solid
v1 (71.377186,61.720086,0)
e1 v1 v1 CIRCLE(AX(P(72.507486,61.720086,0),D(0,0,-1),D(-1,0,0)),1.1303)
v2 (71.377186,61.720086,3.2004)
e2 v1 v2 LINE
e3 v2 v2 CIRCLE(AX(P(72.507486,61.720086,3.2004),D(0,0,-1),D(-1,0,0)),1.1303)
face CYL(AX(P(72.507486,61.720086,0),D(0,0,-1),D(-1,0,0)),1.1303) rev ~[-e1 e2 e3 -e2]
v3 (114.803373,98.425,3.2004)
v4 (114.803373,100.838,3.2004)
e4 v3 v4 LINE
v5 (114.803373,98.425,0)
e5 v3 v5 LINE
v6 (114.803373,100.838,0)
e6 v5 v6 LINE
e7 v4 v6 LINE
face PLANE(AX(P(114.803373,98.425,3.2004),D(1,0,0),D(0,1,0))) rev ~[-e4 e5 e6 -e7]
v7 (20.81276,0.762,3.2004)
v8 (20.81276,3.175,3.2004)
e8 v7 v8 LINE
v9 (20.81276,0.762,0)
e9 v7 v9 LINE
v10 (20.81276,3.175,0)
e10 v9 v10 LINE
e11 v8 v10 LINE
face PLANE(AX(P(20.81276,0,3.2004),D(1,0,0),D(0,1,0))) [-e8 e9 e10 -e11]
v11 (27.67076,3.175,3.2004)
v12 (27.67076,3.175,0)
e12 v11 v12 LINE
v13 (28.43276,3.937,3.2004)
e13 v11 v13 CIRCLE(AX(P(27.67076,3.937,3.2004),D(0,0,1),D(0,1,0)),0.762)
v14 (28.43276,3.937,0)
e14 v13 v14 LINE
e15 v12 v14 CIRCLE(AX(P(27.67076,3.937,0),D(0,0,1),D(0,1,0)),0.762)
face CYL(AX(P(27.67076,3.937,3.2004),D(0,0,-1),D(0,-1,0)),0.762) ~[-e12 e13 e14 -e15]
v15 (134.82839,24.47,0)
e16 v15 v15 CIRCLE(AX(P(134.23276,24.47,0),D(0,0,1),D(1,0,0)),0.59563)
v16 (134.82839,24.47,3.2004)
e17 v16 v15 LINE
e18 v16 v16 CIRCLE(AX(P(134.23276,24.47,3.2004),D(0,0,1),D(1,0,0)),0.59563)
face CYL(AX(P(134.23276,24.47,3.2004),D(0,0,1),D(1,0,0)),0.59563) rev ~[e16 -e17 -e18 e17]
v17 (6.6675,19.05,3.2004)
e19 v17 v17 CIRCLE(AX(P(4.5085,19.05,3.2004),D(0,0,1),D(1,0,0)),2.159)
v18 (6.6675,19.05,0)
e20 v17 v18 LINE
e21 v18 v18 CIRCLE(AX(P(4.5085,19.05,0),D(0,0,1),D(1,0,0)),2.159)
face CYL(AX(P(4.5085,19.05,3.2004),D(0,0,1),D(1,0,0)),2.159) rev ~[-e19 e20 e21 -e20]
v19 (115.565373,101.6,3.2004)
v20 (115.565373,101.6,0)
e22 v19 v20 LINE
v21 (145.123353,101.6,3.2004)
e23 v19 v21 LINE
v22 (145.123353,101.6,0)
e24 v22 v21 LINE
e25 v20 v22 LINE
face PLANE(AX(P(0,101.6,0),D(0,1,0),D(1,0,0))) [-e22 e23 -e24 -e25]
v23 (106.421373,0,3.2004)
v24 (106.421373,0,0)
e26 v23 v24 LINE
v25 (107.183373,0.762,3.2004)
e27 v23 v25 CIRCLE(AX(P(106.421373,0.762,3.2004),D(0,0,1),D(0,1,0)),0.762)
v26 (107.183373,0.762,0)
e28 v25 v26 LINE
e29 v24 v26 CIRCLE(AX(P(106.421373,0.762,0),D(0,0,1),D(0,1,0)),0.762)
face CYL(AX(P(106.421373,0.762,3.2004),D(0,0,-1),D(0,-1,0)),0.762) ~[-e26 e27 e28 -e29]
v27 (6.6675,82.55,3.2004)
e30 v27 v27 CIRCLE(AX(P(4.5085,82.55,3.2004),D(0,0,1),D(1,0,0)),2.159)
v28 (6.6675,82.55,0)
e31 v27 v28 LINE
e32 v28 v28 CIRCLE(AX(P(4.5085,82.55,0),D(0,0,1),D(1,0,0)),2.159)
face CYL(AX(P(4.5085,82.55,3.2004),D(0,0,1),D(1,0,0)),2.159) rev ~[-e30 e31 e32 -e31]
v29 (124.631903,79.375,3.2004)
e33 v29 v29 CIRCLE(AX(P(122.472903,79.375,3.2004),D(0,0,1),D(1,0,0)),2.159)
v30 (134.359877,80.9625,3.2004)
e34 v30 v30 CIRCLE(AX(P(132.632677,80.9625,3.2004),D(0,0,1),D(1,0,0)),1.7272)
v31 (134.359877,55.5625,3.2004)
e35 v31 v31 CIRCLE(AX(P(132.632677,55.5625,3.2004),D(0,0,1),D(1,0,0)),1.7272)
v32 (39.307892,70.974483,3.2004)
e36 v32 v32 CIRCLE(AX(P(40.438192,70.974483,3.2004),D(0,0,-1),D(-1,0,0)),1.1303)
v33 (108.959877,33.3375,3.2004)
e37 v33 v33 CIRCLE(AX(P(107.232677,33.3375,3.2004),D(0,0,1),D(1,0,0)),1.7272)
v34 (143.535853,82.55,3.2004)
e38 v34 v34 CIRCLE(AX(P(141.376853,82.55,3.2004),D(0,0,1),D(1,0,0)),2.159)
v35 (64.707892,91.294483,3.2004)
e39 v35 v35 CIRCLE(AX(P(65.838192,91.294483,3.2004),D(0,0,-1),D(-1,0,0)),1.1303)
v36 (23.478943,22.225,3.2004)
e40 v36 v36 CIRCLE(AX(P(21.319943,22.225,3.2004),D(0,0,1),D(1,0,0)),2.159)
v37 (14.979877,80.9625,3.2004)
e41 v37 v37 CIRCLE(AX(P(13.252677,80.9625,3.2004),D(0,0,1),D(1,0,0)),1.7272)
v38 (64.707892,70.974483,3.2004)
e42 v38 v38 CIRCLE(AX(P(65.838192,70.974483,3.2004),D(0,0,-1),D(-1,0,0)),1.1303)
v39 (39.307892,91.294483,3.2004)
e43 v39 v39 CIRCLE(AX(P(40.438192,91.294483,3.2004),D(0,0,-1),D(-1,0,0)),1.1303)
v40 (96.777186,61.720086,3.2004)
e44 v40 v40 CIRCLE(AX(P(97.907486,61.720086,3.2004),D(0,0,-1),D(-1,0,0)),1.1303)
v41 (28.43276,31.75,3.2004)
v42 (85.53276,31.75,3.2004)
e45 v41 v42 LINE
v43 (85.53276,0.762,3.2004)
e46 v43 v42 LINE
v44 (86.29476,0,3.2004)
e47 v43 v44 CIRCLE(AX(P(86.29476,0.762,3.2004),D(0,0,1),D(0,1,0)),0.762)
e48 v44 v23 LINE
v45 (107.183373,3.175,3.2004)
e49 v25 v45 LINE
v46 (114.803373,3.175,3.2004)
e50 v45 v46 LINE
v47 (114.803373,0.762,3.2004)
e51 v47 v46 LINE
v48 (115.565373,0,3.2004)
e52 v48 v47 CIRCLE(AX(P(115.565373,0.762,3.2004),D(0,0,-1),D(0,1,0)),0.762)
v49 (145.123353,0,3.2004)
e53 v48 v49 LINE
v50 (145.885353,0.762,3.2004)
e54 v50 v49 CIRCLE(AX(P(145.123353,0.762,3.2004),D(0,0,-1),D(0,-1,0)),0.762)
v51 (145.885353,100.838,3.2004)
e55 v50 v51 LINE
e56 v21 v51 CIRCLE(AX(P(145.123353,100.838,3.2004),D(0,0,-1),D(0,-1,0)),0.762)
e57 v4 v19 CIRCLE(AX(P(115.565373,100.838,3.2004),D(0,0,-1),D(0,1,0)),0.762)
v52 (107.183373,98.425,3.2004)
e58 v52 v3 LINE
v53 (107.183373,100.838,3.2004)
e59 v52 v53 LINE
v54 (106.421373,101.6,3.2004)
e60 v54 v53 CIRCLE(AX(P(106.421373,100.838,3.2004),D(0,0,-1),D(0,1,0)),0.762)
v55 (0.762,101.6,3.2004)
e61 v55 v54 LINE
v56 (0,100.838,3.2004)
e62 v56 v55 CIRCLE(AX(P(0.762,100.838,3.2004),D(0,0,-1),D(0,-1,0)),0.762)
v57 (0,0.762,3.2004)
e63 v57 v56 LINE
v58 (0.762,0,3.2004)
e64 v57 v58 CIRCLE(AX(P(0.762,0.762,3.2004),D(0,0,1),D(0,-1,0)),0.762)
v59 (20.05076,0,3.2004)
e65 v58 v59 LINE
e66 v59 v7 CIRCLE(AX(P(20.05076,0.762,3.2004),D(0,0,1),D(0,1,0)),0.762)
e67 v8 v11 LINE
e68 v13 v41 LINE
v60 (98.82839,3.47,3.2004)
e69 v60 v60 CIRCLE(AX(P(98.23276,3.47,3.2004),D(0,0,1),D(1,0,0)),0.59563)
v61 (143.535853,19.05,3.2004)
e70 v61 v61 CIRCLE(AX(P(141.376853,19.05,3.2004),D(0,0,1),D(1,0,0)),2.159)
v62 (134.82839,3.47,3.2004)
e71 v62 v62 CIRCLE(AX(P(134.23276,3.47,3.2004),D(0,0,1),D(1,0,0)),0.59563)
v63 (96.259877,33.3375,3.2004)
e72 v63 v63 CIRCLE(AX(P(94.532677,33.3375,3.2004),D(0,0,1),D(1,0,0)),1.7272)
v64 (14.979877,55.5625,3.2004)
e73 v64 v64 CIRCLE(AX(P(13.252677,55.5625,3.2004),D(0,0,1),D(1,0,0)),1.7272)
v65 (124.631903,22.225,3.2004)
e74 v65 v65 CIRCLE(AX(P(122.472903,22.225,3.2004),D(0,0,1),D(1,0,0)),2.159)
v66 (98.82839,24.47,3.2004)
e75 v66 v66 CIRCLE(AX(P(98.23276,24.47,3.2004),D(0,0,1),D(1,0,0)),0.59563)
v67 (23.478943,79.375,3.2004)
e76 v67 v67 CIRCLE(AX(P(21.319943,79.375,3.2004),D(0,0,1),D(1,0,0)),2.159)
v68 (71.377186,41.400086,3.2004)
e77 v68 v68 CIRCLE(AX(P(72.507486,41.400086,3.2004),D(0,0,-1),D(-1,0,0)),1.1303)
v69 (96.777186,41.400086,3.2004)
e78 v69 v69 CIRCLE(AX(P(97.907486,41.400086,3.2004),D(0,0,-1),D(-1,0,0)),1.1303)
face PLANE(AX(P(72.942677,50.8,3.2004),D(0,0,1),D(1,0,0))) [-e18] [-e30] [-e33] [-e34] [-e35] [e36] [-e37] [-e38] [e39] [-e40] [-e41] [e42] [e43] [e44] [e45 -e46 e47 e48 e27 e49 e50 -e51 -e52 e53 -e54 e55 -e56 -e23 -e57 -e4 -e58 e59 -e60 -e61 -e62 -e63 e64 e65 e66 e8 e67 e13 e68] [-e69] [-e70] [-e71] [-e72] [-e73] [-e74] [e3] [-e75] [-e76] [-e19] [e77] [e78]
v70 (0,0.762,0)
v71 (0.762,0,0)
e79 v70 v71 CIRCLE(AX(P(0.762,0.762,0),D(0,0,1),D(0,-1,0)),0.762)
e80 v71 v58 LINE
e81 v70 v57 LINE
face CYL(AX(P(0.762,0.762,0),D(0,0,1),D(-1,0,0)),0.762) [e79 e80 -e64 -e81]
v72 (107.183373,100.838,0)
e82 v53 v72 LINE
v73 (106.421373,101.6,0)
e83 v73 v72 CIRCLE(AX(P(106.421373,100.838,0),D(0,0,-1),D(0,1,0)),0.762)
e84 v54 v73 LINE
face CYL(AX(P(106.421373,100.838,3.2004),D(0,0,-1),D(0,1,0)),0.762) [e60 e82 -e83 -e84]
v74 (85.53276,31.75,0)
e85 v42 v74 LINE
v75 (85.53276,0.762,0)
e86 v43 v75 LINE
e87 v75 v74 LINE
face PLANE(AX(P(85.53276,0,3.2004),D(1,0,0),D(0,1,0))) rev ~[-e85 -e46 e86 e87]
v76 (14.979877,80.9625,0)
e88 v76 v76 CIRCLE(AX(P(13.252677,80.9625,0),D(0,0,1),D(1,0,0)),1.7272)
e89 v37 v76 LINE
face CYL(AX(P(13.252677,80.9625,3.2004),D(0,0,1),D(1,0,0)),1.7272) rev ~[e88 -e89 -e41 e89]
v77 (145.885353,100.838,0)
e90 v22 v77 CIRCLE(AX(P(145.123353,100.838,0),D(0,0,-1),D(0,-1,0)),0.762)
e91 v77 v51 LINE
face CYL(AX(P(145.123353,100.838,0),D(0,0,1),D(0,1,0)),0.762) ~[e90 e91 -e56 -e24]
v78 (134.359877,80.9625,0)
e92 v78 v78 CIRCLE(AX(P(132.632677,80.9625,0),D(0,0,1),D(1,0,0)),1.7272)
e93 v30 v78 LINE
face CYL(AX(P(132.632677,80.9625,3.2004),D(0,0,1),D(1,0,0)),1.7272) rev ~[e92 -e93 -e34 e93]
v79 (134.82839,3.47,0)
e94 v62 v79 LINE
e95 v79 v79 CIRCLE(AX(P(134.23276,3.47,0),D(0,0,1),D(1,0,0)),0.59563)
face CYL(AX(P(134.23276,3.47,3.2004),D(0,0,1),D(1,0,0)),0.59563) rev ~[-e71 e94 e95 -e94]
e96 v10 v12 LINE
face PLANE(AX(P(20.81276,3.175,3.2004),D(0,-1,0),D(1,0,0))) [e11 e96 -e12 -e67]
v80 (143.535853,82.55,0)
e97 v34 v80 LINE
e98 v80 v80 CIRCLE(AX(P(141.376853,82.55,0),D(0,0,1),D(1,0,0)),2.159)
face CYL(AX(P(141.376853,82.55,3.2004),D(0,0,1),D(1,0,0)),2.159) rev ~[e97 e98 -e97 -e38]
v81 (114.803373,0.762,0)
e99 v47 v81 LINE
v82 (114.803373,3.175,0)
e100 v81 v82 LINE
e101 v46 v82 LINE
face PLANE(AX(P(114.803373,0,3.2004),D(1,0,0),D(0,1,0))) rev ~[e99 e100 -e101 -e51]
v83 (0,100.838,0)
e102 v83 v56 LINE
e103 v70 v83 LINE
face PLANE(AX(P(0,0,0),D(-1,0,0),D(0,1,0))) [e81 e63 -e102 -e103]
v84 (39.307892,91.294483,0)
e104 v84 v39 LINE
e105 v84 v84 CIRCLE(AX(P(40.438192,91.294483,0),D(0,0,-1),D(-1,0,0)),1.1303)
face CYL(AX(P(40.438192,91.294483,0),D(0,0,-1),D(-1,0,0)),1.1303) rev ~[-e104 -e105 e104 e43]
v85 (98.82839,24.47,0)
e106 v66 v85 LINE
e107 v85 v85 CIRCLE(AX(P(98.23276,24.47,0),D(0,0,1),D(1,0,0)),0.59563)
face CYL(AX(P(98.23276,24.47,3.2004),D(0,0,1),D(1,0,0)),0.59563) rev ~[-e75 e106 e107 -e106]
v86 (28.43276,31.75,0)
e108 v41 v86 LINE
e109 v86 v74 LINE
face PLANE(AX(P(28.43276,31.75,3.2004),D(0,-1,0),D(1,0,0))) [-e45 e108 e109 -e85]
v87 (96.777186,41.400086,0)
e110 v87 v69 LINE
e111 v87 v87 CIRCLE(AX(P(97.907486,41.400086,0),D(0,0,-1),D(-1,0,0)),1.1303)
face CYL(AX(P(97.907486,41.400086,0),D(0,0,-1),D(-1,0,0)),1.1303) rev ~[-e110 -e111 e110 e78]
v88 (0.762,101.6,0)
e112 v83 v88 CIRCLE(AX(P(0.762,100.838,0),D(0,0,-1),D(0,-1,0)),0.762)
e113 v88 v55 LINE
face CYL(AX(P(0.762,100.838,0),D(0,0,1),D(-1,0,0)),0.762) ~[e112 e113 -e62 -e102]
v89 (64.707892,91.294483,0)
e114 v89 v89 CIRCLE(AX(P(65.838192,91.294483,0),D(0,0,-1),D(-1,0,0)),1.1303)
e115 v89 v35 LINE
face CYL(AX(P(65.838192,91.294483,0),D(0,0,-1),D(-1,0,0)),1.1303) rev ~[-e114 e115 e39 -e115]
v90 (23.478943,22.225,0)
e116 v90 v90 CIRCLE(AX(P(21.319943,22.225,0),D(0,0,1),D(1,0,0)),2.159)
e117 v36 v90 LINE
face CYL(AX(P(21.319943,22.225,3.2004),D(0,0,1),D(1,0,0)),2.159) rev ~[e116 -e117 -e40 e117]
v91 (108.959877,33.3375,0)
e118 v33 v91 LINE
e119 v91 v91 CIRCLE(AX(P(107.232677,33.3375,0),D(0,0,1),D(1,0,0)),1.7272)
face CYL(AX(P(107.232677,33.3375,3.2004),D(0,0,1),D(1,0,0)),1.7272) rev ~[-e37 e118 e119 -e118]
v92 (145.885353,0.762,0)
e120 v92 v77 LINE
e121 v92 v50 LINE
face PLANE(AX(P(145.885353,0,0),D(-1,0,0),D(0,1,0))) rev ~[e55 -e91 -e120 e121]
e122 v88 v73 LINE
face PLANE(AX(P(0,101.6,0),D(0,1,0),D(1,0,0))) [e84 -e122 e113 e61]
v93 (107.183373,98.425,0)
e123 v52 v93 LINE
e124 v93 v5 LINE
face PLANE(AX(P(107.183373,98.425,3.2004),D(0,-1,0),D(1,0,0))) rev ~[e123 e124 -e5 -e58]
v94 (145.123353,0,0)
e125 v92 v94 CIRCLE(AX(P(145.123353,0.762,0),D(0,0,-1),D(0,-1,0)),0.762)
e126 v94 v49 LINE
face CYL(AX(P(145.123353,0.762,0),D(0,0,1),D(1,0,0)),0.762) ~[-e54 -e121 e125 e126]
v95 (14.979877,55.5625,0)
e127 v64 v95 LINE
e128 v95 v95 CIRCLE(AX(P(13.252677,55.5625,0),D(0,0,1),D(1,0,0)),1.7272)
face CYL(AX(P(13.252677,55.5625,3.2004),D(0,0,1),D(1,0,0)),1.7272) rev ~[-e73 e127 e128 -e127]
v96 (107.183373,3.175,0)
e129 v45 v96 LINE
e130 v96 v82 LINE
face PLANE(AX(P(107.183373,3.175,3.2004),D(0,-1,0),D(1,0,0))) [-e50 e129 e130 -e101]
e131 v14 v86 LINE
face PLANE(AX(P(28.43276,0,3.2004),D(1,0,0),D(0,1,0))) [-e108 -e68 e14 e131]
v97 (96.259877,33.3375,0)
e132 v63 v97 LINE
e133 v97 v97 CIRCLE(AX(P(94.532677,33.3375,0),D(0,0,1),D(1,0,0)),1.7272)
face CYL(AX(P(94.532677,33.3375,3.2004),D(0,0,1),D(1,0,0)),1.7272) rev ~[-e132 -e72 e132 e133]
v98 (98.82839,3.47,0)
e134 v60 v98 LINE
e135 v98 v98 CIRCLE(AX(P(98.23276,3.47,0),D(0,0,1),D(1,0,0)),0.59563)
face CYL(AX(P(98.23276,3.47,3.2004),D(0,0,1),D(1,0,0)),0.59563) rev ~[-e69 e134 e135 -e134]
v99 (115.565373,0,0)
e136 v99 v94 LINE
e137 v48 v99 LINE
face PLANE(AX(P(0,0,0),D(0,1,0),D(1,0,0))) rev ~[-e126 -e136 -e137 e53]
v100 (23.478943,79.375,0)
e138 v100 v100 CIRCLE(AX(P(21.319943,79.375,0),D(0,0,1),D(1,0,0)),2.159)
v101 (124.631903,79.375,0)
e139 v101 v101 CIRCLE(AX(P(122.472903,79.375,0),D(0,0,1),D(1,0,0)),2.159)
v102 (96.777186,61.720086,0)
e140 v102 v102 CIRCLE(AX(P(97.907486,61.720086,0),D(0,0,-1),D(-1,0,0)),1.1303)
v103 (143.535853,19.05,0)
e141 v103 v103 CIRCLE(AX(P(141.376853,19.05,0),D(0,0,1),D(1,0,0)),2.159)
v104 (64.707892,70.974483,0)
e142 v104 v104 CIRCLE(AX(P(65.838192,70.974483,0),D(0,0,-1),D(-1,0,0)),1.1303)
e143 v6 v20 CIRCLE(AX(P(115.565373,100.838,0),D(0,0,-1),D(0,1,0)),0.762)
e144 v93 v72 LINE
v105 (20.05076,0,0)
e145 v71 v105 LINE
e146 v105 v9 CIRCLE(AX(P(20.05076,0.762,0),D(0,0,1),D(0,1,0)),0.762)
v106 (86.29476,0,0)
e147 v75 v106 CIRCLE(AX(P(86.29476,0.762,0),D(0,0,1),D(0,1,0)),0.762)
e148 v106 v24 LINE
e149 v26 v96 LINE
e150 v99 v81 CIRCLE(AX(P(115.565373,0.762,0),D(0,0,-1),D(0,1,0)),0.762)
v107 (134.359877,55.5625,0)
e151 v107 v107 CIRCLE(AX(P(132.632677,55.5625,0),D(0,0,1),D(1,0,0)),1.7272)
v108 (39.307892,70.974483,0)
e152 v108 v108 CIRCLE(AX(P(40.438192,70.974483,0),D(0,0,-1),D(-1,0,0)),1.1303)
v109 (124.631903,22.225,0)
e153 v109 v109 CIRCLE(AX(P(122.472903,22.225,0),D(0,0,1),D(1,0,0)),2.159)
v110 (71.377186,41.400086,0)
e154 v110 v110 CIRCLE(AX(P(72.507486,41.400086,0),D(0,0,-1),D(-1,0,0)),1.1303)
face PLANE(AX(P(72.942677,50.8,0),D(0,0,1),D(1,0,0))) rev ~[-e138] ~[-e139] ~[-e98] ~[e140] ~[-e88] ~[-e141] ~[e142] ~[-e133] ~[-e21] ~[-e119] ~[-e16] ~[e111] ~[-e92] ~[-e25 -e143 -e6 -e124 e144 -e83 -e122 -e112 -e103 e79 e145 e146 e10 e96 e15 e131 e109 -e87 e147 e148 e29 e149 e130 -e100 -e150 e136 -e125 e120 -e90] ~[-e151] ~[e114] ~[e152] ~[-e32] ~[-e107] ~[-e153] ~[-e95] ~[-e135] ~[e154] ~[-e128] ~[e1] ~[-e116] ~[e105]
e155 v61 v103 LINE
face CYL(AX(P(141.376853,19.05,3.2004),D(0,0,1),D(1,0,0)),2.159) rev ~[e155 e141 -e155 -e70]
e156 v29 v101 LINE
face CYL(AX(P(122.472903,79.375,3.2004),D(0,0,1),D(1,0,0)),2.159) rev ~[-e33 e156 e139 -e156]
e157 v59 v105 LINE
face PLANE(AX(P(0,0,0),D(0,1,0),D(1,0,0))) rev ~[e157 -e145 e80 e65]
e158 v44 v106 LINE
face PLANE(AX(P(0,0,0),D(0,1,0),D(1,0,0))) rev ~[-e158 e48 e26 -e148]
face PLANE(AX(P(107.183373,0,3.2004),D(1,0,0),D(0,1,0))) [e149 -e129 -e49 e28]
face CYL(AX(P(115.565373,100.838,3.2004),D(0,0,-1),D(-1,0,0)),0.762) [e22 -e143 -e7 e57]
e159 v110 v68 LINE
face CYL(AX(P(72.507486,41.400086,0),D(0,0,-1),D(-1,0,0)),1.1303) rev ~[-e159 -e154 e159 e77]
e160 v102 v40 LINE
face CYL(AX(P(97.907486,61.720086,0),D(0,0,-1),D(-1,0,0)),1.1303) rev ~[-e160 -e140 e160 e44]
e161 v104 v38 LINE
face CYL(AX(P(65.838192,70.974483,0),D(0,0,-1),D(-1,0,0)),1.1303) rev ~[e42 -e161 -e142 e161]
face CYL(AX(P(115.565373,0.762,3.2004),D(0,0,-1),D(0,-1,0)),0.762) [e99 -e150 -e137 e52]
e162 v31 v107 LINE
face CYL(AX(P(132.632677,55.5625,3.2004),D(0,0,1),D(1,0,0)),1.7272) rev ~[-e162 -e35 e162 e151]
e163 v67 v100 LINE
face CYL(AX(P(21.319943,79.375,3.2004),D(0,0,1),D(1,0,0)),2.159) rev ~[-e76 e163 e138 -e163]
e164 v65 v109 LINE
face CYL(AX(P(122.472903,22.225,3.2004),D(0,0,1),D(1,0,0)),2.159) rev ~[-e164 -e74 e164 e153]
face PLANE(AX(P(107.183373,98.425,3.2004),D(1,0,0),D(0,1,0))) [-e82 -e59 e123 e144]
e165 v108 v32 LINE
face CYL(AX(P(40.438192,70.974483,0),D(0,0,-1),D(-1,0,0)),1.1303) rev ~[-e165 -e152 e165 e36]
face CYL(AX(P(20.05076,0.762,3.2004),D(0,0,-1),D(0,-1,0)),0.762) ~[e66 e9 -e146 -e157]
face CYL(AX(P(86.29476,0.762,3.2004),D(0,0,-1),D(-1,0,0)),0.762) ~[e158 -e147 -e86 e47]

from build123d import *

# Parameters (mm, degrees)
SKETCH1_W           = 145.885353282
SKETCH1_H           = 101.6
BOSS_EXTRUDE1_DEPTH = 3.2004
SKETCH4_W           = 57.100000132
SKETCH4_H           = 31.75
CUT_EXTRUDE1_DEPTH  = 3.2004
SKETCH5_R           = 2.159
CUT_EXTRUDE2_DEPTH  = 3.2004
SKETCH7_R           = 1.1303
CUT_EXTRUDE3_DEPTH  = 3.2004
SKETCH9_W           = 7.62
SKETCH9_H           = 3.175
CUT_EXTRUDE5_DEPTH  = 3.2004
SKETCH10_R          = 0.59563
CUT_EXTRUDE6_DEPTH  = 3.2004
FILLET1_R           = 0.762
SKETCH11_R          = 1.7272
CUT_EXTRUDE7_DEPTH  = 3.2004


with BuildPart() as part:
    # Sketch1 → Boss-Extrude1 (new body)
    with BuildSketch(Plane.XY):
        with Locations((72.942676641, 50.8)):
            Rectangle(SKETCH1_W, SKETCH1_H)
    extrude(amount=BOSS_EXTRUDE1_DEPTH)

    # Sketch4 → Cut-Extrude1 (cut)
    with BuildSketch(Plane.XY.offset(3.2004)):
        with Locations((56.982760066, 15.875)):
            Rectangle(SKETCH4_W, SKETCH4_H)
    extrude(amount=-CUT_EXTRUDE1_DEPTH, mode=Mode.SUBTRACT)

    # Sketch5 → Cut-Extrude2 (cut)
    with BuildSketch(Plane.XY.offset(3.2004)):
        with Locations((141.376853282, 82.55)):
            Circle(SKETCH5_R)
        with Locations((141.376853282, 19.05)):
            Circle(SKETCH5_R)
        with Locations((4.5085, 19.05)):
            Circle(SKETCH5_R)
        with Locations((4.5085, 82.55)):
            Circle(SKETCH5_R)
        with Locations((21.31994339, 79.375)):
            Circle(SKETCH5_R)
        with Locations((21.31994339, 22.225)):
            Circle(SKETCH5_R)
        with Locations((122.472903282, 79.375)):
            Circle(SKETCH5_R)
        with Locations((122.472903282, 22.225)):
            Circle(SKETCH5_R)
    extrude(amount=-CUT_EXTRUDE2_DEPTH, mode=Mode.SUBTRACT)

    # Sketch7 → Cut-Extrude3 (cut)
    with BuildSketch(Plane(origin=(0, 0, 0), x_dir=(-1, 0, 0), z_dir=(0, 0, -1))):
        with Locations((-40.438191852, 91.294483225)):
            Circle(SKETCH7_R)
        with Locations((-40.438191852, 70.974483225)):
            Circle(SKETCH7_R)
        with Locations((-65.838191852, 70.974483225)):
            Circle(SKETCH7_R)
        with Locations((-65.838191852, 91.294483225)):
            Circle(SKETCH7_R)
        with Locations((-72.507486221, 61.720086416)):
            Circle(SKETCH7_R)
        with Locations((-72.507486221, 41.400086416)):
            Circle(SKETCH7_R)
        with Locations((-97.907486221, 41.400086416)):
            Circle(SKETCH7_R)
        with Locations((-97.907486221, 61.720086416)):
            Circle(SKETCH7_R)
    extrude(amount=-CUT_EXTRUDE3_DEPTH, mode=Mode.SUBTRACT)

    # Sketch9 → Cut-Extrude5 (cut)
    with BuildSketch(Plane.XY.offset(3.2004)):
        with Locations((110.993373282, 100.0125)):
            Rectangle(SKETCH9_W, SKETCH9_H)
        with Locations((110.993373282, 1.5875)):
            Rectangle(SKETCH9_W, SKETCH9_H)
        with Locations((24.62276, 1.5875)):
            Rectangle(SKETCH9_W, SKETCH9_H)
    extrude(amount=-CUT_EXTRUDE5_DEPTH, mode=Mode.SUBTRACT)

    # Sketch10 → Cut-Extrude6 (cut)
    with BuildSketch(Plane.XY.offset(3.2004)):
        with Locations((98.232760132, 24.47)):
            Circle(SKETCH10_R)
        with Locations((134.232760132, 24.47)):
            Circle(SKETCH10_R)
        with Locations((98.232760132, 3.47)):
            Circle(SKETCH10_R)
        with Locations((134.232760132, 3.47)):
            Circle(SKETCH10_R)
    extrude(amount=-CUT_EXTRUDE6_DEPTH, mode=Mode.SUBTRACT)

    # Fillet1
    fillet1_edges = [part.edges().sort_by_distance(p)[0] for p in [
        (114.803373282, 101.6, 1.6002),
        (107.183373282, 101.6, 1.6002),
        (114.803373282, 0, 1.6002),
        (107.183373282, 0, 1.6002),
        (28.43276, 3.175, 1.6002),
        (20.81276, 0, 1.6002),
        (85.532760132, 0, 1.6002),
        (0, 101.6, 1.6002),
        (145.885353282, 101.6, 1.6002),
        (145.885353282, 0, 1.6002),
        (0, 0, 1.6002),
    ]]
    fillet(fillet1_edges, radius=FILLET1_R)

    # Sketch11 → Cut-Extrude7 (cut)
    with BuildSketch(Plane.XY.offset(3.2004)):
        with Locations((13.252676641, 55.5625)):
            Circle(SKETCH11_R)
        with Locations((13.252676641, 80.9625)):
            Circle(SKETCH11_R)
        with Locations((132.632676641, 55.5625)):
            Circle(SKETCH11_R)
        with Locations((132.632676641, 80.9625)):
            Circle(SKETCH11_R)
        with Locations((107.232676641, 33.3375)):
            Circle(SKETCH11_R)
        with Locations((94.532676641, 33.3375)):
            Circle(SKETCH11_R)
    extrude(amount=-CUT_EXTRUDE7_DEPTH, mode=Mode.SUBTRACT)


solid = part.part
